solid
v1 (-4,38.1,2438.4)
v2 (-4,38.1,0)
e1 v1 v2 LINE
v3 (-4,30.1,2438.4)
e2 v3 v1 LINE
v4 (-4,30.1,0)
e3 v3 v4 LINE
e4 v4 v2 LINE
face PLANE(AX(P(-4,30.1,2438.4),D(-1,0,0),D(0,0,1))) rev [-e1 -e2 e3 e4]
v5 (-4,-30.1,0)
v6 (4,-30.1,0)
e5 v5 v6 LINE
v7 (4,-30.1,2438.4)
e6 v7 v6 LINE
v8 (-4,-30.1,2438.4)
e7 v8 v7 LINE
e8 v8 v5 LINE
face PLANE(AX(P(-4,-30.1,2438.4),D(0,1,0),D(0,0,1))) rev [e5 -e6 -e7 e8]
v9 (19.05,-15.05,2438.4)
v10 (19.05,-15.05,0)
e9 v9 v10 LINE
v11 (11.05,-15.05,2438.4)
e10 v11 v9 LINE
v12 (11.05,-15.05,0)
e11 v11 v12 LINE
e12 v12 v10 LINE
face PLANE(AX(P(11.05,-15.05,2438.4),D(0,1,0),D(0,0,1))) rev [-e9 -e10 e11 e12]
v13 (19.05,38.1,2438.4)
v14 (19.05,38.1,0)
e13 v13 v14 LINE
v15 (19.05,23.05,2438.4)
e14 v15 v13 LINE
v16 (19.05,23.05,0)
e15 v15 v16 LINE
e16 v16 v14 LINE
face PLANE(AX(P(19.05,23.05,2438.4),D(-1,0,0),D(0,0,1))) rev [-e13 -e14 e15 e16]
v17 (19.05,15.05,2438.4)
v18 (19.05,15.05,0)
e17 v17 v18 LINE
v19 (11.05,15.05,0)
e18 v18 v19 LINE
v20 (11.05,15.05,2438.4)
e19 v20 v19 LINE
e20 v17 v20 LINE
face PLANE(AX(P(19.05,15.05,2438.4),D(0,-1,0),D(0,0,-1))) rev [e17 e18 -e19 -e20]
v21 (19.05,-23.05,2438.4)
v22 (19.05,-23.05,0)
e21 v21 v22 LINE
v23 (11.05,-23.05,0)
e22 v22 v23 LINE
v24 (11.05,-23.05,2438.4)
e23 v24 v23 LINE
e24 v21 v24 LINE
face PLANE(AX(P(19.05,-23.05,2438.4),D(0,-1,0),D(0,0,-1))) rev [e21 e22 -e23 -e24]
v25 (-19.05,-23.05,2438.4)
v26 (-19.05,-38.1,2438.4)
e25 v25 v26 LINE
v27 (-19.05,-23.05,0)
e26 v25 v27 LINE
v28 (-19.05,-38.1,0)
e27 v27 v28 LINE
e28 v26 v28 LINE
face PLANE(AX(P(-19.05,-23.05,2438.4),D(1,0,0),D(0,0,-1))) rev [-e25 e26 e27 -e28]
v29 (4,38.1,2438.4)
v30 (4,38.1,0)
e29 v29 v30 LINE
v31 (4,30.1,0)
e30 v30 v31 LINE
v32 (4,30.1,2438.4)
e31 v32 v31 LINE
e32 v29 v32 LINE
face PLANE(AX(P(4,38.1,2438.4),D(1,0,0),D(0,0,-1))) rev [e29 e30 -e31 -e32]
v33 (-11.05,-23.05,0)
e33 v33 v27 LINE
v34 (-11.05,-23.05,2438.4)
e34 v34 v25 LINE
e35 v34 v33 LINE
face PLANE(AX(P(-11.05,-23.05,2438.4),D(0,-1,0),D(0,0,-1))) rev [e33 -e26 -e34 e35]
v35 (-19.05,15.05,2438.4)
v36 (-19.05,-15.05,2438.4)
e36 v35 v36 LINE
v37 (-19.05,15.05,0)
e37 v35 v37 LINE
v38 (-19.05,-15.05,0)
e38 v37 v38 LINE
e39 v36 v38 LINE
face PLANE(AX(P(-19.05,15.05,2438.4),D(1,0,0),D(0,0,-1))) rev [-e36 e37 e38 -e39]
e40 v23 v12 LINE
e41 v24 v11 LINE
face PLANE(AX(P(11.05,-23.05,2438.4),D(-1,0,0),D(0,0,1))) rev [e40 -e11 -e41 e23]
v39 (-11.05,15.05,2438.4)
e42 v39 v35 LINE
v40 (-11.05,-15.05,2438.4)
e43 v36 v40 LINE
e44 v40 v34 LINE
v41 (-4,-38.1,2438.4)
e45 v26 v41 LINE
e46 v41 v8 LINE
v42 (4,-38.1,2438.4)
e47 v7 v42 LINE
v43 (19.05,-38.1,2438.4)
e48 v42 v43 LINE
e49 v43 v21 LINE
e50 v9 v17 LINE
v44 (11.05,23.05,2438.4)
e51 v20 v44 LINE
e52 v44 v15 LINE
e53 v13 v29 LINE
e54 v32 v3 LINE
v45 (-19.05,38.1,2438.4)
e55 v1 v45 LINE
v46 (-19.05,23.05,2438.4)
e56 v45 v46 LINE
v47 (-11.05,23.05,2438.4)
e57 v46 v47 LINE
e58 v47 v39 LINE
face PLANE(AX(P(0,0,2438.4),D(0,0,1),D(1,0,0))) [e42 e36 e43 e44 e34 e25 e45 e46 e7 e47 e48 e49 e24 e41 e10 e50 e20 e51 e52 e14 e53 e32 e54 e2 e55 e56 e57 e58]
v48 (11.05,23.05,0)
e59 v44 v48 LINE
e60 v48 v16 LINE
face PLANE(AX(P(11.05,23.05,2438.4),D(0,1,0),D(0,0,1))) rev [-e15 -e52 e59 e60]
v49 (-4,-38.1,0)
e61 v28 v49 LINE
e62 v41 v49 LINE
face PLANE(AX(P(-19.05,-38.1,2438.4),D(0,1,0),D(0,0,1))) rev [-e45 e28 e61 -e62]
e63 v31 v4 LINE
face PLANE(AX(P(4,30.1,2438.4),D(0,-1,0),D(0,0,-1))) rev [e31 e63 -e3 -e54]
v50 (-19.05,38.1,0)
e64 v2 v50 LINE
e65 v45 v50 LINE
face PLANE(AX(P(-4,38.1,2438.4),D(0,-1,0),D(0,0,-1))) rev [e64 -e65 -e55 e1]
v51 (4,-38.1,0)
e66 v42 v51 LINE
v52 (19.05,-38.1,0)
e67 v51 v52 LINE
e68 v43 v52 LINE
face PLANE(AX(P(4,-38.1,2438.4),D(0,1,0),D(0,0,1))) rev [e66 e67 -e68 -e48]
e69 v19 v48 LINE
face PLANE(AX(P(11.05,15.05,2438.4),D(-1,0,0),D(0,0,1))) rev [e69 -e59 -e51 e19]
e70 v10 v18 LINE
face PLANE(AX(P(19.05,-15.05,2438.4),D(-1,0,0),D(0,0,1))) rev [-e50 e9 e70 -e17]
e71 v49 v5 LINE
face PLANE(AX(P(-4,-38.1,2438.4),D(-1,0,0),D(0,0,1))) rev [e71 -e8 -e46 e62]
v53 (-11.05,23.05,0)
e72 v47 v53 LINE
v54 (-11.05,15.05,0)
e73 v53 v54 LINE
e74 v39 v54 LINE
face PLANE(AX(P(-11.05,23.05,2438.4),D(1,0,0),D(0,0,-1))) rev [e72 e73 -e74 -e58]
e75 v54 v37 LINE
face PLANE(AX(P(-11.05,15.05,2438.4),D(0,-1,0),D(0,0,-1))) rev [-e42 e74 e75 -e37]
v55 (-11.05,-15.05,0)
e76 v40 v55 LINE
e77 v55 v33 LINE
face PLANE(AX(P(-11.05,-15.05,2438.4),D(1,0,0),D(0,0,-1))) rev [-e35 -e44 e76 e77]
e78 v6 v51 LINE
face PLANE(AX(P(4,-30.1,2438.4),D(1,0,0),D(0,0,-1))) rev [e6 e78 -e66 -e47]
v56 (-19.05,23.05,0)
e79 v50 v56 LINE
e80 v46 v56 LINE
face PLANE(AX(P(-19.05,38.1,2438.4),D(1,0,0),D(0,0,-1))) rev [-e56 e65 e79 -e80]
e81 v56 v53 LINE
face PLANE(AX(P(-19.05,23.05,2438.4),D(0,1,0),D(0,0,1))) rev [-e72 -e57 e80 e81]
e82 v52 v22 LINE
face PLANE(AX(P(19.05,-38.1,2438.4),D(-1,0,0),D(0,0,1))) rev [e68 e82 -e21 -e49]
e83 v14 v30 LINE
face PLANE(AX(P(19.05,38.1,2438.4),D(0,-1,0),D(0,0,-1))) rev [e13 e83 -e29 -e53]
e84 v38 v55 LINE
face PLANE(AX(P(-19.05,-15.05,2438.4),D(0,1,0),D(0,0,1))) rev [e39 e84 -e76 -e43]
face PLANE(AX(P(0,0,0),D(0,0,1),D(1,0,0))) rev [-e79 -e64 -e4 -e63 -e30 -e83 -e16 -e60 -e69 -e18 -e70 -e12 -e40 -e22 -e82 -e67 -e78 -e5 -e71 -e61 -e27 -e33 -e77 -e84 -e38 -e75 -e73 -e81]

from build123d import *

# Parameters (mm, degrees)
PROFILE_DEPTH = 2438.4


with BuildPart() as part:
    # Sketch1 → Profile (new body)
    with BuildSketch(Plane.XY):
        Polygon((-19.05, -38.1), (-4, -38.1), (-4, -30.1), (4, -30.1), (4, -38.1), (19.05, -38.1), (19.05, -23.05), (11.05, -23.05), (11.05, -15.05), (19.05, -15.05), (19.05, 15.05), (11.05, 15.05), (11.05, 23.05), (19.05, 23.05), (19.05, 38.1), (4, 38.1), (4, 30.1), (-4, 30.1), (-4, 38.1), (-19.05, 38.1), (-19.05, 23.05), (-11.05, 23.05), (-11.05, 15.05), (-19.05, 15.05), (-19.05, -15.05), (-11.05, -15.05), (-11.05, -23.05), (-19.05, -23.05), align=None)
    extrude(amount=PROFILE_DEPTH)


solid = part.part
